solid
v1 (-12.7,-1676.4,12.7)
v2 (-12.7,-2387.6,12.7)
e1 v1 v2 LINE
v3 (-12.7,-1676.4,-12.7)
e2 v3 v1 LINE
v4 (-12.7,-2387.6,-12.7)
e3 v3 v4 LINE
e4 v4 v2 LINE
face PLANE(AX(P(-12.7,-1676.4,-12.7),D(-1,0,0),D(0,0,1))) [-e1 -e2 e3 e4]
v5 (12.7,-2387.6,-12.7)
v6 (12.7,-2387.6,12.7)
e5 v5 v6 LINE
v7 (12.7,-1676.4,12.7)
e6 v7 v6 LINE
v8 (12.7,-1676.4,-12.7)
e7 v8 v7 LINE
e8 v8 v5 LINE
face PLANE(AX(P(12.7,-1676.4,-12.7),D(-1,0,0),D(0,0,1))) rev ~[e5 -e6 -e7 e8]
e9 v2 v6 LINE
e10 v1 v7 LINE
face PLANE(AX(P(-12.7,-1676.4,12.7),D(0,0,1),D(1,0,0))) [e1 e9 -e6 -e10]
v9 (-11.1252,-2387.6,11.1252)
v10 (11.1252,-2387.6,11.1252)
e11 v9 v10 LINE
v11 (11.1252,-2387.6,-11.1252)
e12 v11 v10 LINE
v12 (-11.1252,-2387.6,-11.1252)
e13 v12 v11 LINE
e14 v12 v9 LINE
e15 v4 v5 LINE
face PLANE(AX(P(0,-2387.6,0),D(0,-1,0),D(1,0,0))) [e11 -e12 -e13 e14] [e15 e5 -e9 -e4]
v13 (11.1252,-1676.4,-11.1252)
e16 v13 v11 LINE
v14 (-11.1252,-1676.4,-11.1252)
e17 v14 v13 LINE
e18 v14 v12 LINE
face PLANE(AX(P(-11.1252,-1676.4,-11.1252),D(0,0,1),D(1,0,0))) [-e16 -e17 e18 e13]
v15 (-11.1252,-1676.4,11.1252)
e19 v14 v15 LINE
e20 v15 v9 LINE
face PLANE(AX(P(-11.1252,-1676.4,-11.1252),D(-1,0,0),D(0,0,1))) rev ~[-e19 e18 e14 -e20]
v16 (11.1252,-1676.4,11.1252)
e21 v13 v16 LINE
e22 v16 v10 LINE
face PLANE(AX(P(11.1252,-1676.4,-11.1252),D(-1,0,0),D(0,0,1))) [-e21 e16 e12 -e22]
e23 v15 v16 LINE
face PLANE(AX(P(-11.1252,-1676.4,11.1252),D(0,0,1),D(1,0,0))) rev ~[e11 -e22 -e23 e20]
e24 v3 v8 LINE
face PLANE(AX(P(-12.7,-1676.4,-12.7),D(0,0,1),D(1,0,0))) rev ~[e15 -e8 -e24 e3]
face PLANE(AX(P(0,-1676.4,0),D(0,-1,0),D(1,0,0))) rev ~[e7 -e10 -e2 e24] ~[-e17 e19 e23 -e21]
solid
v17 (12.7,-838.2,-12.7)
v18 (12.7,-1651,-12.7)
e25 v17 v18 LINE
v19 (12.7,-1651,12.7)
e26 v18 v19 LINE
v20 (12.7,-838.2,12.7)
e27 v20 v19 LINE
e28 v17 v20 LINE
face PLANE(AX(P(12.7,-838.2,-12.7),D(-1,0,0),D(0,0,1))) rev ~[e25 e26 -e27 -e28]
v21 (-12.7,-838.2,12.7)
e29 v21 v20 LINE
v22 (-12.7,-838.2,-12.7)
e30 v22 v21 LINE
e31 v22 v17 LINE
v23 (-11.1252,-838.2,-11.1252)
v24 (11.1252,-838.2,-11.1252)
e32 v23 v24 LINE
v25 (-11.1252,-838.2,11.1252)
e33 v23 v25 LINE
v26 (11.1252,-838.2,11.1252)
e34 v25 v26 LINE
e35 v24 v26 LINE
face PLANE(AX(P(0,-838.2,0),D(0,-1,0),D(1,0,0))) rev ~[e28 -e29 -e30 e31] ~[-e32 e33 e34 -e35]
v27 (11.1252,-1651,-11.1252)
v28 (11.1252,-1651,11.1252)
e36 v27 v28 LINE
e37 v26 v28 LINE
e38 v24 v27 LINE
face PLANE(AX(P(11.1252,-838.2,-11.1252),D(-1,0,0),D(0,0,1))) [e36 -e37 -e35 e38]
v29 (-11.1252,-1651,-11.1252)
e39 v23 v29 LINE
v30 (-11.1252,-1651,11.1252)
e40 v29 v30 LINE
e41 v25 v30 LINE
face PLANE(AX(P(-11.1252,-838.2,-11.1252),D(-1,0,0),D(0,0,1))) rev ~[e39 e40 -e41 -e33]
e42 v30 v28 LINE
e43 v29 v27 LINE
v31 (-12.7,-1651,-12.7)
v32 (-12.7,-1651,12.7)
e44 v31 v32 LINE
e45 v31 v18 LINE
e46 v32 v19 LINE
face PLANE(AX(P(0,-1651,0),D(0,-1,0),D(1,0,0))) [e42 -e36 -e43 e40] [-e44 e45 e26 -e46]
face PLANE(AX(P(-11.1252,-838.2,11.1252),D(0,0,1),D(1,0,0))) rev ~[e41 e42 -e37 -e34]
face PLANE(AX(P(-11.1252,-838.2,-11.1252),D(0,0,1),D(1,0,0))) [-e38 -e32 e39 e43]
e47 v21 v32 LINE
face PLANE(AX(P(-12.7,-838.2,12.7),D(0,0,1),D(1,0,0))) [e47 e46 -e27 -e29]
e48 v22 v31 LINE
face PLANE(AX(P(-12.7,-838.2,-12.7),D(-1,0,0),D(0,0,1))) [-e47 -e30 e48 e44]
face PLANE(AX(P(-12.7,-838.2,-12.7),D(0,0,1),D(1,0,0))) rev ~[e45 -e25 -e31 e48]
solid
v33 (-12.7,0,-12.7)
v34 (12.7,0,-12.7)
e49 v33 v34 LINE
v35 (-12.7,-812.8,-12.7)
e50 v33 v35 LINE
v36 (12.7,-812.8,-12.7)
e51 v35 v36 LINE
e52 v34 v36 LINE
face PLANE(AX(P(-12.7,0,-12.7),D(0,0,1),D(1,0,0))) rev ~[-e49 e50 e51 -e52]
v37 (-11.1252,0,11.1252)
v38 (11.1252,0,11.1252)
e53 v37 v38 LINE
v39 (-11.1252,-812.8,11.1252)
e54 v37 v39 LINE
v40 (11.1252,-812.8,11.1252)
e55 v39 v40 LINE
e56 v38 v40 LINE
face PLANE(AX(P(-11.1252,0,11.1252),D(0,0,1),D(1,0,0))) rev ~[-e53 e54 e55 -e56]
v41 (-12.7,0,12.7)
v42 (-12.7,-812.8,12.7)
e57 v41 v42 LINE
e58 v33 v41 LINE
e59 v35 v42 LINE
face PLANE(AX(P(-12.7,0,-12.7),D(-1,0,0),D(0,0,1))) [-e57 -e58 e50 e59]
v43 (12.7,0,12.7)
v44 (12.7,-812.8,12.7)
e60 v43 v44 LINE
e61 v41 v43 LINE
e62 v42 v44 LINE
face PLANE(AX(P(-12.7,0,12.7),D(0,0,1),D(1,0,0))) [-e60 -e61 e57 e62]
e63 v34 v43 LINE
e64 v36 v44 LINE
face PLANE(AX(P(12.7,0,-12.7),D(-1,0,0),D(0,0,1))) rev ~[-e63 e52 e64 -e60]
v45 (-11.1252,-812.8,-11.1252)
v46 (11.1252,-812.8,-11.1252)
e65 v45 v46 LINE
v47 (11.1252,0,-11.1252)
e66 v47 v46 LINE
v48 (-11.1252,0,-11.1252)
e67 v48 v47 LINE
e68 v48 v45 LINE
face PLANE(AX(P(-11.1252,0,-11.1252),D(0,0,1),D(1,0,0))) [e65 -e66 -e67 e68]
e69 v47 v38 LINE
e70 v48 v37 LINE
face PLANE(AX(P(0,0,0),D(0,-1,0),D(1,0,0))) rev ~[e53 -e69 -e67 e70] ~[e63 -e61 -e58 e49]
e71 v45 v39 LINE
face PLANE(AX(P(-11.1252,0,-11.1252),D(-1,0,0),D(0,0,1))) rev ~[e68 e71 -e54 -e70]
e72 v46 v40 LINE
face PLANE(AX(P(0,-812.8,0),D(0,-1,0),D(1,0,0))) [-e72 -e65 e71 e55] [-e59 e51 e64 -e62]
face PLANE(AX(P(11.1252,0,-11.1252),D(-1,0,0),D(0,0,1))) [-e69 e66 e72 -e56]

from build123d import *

# Parameters (mm, degrees)
F0_W     = 25.4
F0_H     = 25.4
F0_W_2   = 22.2504
F0_H_2   = 22.2504
F1_DEPTH = 812.8
F3_START = 25.4
F2_W     = 25.4
F2_H     = 25.4
F2_W_2   = 22.2504
F2_H_2   = 22.2504
F3_DEPTH = 812.8
F5_START = 25.4
F4_W     = 25.4
F4_H     = 25.4
F4_W_2   = 22.2504
F4_H_2   = 22.2504
F5_DEPTH = 711.2


with BuildPart() as f1:
    # F0 (on Front) → F1 (new body)
    with BuildSketch(Plane.XZ):
        Rectangle(F0_W, F0_H)
        Rectangle(F0_W_2, F0_H_2, mode=Mode.SUBTRACT)
    extrude(amount=F1_DEPTH)


with BuildPart() as f3:
    # F2 (on face) → F3 (new body)
    with BuildSketch(Plane.XZ.offset(812.8).offset(F3_START)):
        Rectangle(F2_W, F2_H)
        Rectangle(F2_W_2, F2_H_2, mode=Mode.SUBTRACT)
    extrude(amount=F3_DEPTH)


with BuildPart() as f5:
    # F4 (on face) → F5 (new body)
    with BuildSketch(Plane.XZ.offset(1651).offset(F5_START)):
        Rectangle(F4_W, F4_H)
        Rectangle(F4_W_2, F4_H_2, mode=Mode.SUBTRACT)
    extrude(amount=F5_DEPTH)


solid = Compound([f1.part, f3.part, f5.part])
